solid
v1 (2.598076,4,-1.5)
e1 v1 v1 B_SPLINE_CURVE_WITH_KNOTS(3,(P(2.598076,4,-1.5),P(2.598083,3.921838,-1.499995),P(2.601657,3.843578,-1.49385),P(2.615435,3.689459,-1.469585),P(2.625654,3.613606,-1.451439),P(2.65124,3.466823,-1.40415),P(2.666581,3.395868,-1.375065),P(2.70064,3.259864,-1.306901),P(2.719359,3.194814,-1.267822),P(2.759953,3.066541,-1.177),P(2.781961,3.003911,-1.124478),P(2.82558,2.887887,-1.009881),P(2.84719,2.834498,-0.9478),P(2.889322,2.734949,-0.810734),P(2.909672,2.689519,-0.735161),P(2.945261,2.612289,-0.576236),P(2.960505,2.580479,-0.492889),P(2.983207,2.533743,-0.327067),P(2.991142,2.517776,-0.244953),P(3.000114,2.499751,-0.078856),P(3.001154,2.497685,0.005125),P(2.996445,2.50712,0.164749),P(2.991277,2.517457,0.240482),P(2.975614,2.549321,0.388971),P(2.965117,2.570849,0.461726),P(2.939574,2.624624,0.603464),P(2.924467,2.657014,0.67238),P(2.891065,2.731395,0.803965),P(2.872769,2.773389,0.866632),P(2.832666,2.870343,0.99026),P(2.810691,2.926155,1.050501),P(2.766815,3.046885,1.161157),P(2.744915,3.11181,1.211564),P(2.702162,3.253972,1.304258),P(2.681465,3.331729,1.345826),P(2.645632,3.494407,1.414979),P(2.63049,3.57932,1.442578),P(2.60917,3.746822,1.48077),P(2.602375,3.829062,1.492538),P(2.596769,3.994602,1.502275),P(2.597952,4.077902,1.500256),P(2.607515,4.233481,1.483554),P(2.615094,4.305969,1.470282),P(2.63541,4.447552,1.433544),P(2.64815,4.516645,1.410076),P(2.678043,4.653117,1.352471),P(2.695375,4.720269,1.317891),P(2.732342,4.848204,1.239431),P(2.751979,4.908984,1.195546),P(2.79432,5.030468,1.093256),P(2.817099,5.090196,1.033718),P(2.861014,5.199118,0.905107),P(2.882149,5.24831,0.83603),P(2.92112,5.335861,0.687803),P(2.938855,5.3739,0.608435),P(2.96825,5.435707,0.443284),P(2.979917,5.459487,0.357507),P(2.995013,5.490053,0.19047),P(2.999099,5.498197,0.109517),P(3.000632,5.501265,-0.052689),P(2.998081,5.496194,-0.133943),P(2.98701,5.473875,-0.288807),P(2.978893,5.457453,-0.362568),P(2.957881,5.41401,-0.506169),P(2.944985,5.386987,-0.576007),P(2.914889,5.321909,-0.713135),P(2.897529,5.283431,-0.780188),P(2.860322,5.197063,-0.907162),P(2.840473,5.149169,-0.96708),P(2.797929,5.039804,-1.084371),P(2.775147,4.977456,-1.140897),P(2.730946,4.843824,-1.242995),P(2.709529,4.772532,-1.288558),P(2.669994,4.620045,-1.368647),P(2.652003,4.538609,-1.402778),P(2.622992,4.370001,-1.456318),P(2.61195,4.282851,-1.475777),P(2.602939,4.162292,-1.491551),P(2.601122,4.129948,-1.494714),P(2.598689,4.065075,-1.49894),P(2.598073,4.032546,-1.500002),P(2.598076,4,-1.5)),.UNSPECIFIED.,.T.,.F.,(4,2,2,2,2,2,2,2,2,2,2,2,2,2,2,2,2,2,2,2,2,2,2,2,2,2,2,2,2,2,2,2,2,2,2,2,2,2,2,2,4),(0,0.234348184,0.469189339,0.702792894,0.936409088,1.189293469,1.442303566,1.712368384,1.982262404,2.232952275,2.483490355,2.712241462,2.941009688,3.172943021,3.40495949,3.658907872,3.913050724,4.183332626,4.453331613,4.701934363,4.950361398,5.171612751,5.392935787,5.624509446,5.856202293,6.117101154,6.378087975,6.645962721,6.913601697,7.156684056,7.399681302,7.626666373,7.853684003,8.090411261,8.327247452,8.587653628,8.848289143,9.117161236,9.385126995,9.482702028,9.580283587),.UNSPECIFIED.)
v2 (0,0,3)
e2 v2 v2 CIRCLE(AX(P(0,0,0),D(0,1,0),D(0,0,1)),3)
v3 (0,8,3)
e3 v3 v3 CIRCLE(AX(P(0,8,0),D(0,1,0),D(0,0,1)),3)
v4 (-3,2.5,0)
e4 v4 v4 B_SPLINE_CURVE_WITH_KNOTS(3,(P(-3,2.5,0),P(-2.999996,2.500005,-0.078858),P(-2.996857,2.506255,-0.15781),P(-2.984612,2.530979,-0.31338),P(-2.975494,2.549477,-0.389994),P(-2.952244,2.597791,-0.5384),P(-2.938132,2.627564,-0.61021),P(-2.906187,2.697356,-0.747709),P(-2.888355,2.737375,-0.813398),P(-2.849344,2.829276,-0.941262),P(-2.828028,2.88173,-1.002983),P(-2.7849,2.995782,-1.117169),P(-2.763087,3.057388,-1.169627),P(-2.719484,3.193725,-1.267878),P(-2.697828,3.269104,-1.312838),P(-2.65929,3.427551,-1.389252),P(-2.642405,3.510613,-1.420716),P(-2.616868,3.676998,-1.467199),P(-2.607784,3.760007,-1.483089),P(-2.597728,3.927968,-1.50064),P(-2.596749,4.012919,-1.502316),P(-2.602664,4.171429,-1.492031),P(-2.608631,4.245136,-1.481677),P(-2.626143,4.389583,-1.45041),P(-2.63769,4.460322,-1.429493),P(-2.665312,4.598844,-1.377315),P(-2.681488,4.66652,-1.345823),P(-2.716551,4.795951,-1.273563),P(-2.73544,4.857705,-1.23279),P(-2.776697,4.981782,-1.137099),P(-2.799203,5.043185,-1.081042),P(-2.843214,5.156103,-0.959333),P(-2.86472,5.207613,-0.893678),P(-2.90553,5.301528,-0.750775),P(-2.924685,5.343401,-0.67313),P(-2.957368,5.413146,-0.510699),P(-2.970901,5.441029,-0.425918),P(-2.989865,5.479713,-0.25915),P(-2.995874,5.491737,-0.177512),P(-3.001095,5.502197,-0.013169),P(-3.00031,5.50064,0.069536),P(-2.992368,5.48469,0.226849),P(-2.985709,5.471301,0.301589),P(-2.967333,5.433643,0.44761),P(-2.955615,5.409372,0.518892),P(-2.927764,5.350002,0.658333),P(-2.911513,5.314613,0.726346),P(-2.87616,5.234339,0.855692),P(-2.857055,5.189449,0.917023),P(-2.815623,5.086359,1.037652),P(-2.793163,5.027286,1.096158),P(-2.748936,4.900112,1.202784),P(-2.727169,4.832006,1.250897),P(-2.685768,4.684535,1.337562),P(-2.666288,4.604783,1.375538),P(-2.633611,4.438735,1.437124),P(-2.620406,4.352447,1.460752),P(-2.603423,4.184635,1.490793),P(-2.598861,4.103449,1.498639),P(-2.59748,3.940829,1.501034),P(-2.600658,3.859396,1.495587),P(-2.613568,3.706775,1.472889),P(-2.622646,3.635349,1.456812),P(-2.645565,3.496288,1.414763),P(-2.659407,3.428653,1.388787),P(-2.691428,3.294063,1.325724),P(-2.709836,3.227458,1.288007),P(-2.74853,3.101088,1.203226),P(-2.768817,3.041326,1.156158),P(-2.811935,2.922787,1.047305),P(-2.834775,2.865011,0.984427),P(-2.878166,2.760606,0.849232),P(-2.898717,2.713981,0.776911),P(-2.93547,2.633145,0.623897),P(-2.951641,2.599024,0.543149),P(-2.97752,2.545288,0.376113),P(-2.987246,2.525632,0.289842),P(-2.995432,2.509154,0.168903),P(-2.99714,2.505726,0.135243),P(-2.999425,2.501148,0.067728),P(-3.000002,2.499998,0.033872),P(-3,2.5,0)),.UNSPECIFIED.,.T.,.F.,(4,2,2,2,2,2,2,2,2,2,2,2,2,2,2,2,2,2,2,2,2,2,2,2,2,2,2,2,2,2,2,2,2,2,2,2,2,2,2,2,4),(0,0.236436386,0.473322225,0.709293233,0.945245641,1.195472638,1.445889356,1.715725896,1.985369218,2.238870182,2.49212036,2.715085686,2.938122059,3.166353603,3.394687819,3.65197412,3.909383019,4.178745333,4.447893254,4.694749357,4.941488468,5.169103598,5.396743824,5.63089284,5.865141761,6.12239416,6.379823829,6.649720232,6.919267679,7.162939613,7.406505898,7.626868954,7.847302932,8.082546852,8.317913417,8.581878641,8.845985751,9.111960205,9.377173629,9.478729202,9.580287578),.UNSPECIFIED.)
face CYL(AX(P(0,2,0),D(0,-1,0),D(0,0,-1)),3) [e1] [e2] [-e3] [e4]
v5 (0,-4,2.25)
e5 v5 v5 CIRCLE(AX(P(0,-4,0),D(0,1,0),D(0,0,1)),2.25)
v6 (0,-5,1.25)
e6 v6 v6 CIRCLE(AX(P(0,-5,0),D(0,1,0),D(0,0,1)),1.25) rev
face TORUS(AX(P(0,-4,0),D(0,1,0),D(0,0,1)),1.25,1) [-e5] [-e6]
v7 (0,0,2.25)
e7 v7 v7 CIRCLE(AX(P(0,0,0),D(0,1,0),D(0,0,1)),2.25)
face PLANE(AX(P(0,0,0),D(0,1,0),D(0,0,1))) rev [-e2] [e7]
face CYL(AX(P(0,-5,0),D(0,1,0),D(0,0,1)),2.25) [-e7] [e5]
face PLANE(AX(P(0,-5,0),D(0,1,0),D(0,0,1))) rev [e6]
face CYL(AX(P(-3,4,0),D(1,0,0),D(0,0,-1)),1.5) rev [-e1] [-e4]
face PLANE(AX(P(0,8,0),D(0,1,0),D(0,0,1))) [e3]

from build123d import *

# Parameters (mm, degrees)
SKETCH1_R               = 3
BOSS_EXTRUDE1_DEPTH     = 2
SKETCH1_4_R             = 3
BOSS_EXTRUDE2_DEPTH     = 8
SKETCH1_5_R             = 2.25
BOSS_EXTRUDE3_DEPTH     = 5
CUT_EXTRUDE1_DEPTH      = 10.055385138
CUT_EXTRUDE1_DEPTH_BACK = 10.055385138
SKETCH2_R               = 1.5
FILLET1_R               = 1


with BuildPart() as part:
    # Sketch1 → Boss-Extrude1 (new body)
    with BuildSketch(Plane(origin=(0, 0, 0), x_dir=(1, 0, 0), z_dir=(0, 1, 0))):
        Circle(SKETCH1_R)
        with BuildLine():
            Line((1.5, 1.677050983), (1.5, -1.677050983))
            ThreePointArc((1.5, -1.677050983), (0, -2.25), (-1.5, -1.677050983))
            Line((-1.5, -1.677050983), (-1.5, 1.677050983))
            ThreePointArc((-1.5, 1.677050983), (0, 2.25), (1.5, 1.677050983))
        make_face(mode=Mode.SUBTRACT)
    extrude(amount=BOSS_EXTRUDE1_DEPTH)

    # Sketch1<4> → Boss-Extrude2 (add)
    with BuildSketch(Plane(origin=(0, 0, 0), x_dir=(1, 0, 0), z_dir=(0, 1, 0))):
        Circle(SKETCH1_4_R)
    extrude(amount=BOSS_EXTRUDE2_DEPTH)

    # Sketch1<5> → Boss-Extrude3 (add)
    with BuildSketch(Plane(origin=(0, 0, 0), x_dir=(1, 0, 0), z_dir=(0, 1, 0))):
        Circle(SKETCH1_5_R)
    extrude(amount=-BOSS_EXTRUDE3_DEPTH)

    # Sketch2 → Cut-Extrude1 (cut, two sides: drawn at the far end of the back side and taken through both)
    with BuildSketch(Plane(origin=(0, 0, 0), x_dir=(0, 0, -1), z_dir=(1, 0, 0)).offset(-CUT_EXTRUDE1_DEPTH_BACK)):
        with Locations((0, 4)):
            Circle(SKETCH2_R)
    extrude(amount=CUT_EXTRUDE1_DEPTH + CUT_EXTRUDE1_DEPTH_BACK, mode=Mode.SUBTRACT)

    # Fillet1
    fillet1_edges = [part.edges().sort_by_distance(p)[0] for p in [
        (-2.25, -5, 0),
    ]]
    fillet(fillet1_edges, radius=FILLET1_R)


solid = part.part
